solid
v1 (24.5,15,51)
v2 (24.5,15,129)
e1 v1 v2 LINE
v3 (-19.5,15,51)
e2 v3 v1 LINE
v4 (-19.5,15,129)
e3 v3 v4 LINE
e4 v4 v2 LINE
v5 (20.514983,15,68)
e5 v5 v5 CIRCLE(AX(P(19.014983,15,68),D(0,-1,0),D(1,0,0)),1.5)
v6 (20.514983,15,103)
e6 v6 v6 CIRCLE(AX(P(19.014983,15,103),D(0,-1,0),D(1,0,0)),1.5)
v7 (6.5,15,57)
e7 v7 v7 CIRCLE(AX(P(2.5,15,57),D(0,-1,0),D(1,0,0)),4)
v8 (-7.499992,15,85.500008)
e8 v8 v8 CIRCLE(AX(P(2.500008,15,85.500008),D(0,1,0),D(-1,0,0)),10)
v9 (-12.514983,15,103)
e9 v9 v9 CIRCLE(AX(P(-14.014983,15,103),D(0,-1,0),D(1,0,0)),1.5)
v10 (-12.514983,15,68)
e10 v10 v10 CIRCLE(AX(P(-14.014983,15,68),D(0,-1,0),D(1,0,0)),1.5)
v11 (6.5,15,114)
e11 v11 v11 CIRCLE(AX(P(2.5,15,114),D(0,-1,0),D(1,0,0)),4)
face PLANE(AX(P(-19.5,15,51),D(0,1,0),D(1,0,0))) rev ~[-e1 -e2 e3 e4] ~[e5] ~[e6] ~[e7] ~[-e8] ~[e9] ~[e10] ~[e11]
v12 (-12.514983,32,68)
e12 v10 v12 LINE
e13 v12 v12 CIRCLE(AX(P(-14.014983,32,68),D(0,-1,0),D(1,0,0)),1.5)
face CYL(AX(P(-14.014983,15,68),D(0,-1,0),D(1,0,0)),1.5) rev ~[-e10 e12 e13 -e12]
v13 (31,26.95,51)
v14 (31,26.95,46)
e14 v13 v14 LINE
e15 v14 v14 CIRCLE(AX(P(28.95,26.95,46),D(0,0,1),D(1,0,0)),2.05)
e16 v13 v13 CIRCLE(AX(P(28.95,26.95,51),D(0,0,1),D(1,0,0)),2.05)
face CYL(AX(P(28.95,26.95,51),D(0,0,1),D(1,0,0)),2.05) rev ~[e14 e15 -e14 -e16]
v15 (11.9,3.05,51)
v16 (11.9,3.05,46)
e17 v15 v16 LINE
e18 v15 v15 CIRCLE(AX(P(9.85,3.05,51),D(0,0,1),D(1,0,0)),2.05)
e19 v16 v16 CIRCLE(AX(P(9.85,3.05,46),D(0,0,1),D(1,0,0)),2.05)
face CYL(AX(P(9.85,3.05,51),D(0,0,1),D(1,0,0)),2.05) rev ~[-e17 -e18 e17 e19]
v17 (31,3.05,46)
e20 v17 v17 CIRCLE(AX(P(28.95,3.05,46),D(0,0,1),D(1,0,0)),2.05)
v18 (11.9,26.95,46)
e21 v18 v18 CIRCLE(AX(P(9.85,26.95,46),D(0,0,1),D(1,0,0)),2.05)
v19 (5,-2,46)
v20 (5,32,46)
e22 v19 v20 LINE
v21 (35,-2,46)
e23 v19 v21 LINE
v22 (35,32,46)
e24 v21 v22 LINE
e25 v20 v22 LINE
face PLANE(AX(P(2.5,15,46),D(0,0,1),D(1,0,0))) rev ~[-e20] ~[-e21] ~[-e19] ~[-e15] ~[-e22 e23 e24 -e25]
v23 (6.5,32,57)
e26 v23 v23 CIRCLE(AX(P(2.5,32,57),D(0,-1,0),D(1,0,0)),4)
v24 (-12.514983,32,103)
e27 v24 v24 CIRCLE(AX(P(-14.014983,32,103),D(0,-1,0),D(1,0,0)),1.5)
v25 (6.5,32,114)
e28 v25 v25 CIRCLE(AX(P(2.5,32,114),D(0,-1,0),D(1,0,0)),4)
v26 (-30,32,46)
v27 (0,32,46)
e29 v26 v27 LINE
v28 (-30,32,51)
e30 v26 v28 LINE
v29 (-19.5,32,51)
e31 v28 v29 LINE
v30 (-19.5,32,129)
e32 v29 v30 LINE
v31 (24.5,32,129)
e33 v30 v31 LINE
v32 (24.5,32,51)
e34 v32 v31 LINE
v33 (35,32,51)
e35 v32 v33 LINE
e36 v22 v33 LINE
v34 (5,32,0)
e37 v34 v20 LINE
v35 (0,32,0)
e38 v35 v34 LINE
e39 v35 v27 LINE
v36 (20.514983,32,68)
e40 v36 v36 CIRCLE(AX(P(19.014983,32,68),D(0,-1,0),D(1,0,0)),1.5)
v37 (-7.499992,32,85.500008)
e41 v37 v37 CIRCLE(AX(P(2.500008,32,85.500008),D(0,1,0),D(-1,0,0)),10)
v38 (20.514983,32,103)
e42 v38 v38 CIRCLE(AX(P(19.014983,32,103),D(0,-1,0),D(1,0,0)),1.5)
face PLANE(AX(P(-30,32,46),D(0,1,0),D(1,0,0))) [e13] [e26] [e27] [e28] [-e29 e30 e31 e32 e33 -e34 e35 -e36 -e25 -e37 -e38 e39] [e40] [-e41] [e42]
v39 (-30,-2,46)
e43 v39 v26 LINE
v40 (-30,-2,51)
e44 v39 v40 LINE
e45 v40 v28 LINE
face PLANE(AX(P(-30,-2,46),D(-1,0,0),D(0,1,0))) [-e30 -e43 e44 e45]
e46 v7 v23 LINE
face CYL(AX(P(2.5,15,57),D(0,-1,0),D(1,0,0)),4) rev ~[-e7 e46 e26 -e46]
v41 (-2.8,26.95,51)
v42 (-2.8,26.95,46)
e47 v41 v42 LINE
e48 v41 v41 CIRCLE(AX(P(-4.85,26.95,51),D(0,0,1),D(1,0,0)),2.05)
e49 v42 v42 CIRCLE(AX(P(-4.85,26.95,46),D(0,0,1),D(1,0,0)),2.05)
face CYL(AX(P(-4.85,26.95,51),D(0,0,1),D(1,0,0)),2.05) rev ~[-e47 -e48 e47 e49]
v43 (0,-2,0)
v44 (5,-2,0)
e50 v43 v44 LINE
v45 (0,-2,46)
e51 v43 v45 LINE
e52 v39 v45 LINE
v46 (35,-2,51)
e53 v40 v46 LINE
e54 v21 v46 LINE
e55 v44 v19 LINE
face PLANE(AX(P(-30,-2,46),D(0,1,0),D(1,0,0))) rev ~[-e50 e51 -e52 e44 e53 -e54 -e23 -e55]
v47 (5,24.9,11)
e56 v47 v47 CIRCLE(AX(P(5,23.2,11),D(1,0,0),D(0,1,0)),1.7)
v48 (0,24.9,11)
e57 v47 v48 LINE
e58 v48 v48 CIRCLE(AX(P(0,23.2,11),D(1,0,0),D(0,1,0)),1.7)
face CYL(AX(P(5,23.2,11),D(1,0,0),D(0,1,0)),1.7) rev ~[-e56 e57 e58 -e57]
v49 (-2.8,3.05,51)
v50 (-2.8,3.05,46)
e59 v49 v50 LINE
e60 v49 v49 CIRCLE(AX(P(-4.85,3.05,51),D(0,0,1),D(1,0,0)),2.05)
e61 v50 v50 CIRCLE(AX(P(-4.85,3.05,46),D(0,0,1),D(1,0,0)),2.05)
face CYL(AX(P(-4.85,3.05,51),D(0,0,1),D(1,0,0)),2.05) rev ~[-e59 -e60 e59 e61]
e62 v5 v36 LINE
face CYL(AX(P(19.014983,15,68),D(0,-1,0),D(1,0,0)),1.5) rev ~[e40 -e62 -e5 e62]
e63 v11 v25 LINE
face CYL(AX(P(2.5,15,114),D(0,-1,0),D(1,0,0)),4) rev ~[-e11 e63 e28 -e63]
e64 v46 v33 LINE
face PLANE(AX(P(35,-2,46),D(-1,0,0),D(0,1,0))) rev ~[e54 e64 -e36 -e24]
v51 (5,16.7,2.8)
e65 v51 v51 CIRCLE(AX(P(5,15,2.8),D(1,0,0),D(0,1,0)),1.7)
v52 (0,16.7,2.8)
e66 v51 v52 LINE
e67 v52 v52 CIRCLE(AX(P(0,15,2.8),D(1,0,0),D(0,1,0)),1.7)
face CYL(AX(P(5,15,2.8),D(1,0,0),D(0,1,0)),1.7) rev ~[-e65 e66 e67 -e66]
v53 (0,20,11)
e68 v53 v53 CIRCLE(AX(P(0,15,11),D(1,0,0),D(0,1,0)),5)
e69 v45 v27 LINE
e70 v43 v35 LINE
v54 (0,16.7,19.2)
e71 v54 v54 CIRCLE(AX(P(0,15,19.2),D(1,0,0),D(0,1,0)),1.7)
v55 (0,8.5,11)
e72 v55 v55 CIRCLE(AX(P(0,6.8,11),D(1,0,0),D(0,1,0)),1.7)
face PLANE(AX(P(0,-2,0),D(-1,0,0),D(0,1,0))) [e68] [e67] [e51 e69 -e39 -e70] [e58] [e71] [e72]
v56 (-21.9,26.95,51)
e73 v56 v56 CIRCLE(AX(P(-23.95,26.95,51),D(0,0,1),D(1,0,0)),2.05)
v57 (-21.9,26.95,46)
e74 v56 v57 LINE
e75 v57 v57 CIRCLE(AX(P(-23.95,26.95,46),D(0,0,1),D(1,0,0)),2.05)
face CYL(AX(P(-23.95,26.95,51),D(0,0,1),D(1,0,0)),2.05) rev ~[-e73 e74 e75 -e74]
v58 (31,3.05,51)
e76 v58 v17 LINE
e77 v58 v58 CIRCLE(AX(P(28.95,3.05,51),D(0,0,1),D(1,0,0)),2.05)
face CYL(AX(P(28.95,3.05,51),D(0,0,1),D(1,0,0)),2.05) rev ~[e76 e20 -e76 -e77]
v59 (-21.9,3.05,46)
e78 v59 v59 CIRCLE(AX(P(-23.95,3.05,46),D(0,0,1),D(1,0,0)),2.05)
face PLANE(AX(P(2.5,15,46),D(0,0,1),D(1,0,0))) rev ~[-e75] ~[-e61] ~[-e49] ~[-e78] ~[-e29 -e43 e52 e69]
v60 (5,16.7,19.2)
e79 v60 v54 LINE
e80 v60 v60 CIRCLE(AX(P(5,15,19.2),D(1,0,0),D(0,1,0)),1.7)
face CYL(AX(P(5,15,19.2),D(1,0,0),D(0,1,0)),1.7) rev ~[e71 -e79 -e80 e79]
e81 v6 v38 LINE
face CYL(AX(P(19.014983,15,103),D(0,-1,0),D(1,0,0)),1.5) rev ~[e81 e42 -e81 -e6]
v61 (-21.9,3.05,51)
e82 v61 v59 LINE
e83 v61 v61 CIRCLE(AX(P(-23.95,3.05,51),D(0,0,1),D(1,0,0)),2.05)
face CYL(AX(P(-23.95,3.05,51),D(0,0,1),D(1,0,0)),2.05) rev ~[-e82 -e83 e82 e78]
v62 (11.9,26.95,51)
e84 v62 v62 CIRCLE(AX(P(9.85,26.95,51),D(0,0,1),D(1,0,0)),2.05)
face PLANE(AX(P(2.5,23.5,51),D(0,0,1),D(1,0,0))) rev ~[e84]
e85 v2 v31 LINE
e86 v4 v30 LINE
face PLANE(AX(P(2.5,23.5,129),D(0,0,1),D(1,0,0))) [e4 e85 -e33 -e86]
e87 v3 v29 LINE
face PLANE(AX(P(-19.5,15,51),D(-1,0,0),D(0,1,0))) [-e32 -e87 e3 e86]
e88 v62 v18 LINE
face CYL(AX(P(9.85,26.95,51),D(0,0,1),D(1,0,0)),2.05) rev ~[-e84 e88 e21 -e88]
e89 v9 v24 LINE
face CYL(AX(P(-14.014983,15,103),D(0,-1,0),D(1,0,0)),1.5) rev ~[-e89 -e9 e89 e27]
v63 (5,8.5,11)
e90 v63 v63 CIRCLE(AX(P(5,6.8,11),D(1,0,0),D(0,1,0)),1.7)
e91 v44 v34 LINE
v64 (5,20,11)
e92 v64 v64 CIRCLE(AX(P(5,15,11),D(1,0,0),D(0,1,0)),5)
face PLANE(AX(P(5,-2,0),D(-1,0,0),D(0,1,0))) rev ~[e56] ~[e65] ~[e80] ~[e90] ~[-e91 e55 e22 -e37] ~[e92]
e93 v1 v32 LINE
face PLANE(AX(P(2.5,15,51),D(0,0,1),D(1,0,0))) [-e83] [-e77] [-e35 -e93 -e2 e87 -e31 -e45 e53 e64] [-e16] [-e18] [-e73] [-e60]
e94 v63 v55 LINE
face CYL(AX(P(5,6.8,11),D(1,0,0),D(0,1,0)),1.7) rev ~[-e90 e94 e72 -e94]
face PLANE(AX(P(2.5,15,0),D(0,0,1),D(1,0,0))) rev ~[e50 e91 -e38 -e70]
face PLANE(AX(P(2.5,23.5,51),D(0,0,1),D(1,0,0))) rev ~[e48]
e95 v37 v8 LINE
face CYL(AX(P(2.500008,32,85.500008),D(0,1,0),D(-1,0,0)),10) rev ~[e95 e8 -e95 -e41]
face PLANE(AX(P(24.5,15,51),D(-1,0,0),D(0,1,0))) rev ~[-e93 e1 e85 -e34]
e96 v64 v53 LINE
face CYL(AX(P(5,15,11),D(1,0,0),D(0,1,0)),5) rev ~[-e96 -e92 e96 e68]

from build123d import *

# Parameters (mm, degrees)
BOX001_W        = 65
BOX001_H        = 34
BOX001_DEPTH    = 5
BOX_W           = 5
BOX_H           = 34
BOX_DEPTH       = 46
SKETCH_R        = 2.05
POCKET_DEPTH    = 5
SKETCH001_R     = 5
SKETCH001_R_2   = 1.7
POCKET001_DEPTH = 5
BOX002_W        = 44
BOX002_H        = 17
BOX002_DEPTH    = 78
SKETCH003_R     = 4
SKETCH003_R_2   = 1.5
POCKET003_DEPTH = 17.001
SKETCH008_R     = 10
POCKET006_DEPTH = 34.001


with BuildPart() as cubo001:
    # Box001 → Box001 (new body)
    with BuildSketch(Plane(origin=(-30, -2, 46), x_dir=(1, 0, 0), z_dir=(0, 0, 1))):
        with Locations((32.5, 17)):
            Rectangle(BOX001_W, BOX001_H)
    extrude(amount=BOX001_DEPTH)


with BuildPart() as pocket001:
    # Box → Box (new body)
    with BuildSketch(Plane(origin=(0, -2, 0), x_dir=(1, 0, 0), z_dir=(0, 0, 1))):
        with Locations((2.5, 17)):
            Rectangle(BOX_W, BOX_H)
    extrude(amount=BOX_DEPTH)

    # Fusion: union Cubo001
    add(cubo001.part)

    # Sketch → Pocket (cut)
    with BuildSketch(Plane.XY.offset(51)):
        with Locations((-36.05, -7.05)):
            Circle(SKETCH_R)
        with Locations((28.95, 3.05)):
            Circle(SKETCH_R)
        with Locations((-55.15, -7.05)):
            Circle(SKETCH_R)
        with Locations((9.85, 3.05)):
            Circle(SKETCH_R)
        with Locations((-4.85, 3.05)):
            Circle(SKETCH_R)
        with Locations((-23.95, 3.05)):
            Circle(SKETCH_R)
        with Locations((-23.95, 26.95)):
            Circle(SKETCH_R)
        with Locations((-4.85, 26.95)):
            Circle(SKETCH_R)
        with Locations((9.85, 26.95)):
            Circle(SKETCH_R)
        with Locations((28.95, 26.95)):
            Circle(SKETCH_R)
    extrude(amount=-POCKET_DEPTH, mode=Mode.SUBTRACT)

    # Sketch001 → Pocket001 (cut)
    with BuildSketch(Plane.YZ.offset(5)):
        with Locations((15, 11)):
            Circle(SKETCH001_R)
        with Locations((15, 19.2)):
            Circle(SKETCH001_R_2)
        with Locations((23.2, 11)):
            Circle(SKETCH001_R_2)
        with Locations((15, 2.8)):
            Circle(SKETCH001_R_2)
        with Locations((6.8, 11)):
            Circle(SKETCH001_R_2)
    extrude(amount=-POCKET001_DEPTH, mode=Mode.SUBTRACT)


with BuildPart() as pocket006:
    # Box002 → Box002 (new body)
    with BuildSketch(Plane(origin=(-19.5, 15, 51), x_dir=(1, 0, 0), z_dir=(0, 0, 1))):
        with Locations((22, 8.5)):
            Rectangle(BOX002_W, BOX002_H)
    extrude(amount=BOX002_DEPTH)

    # Sketch003 → Pocket003 (cut, through all)
    with BuildSketch(Plane(origin=(-19.5, 15, 51), x_dir=(1, 0, 0), z_dir=(0, -1, 0))):
        with Locations((22, 6)):
            Circle(SKETCH003_R)
        with Locations((22, 63)):
            Circle(SKETCH003_R)
        with Locations((5.485017, 17)):
            Circle(SKETCH003_R_2)
        with Locations((38.514983, 17)):
            Circle(SKETCH003_R_2)
        with Locations((5.485017, 52)):
            Circle(SKETCH003_R_2)
        with Locations((38.514983, 52)):
            Circle(SKETCH003_R_2)
    extrude(amount=-POCKET003_DEPTH, mode=Mode.SUBTRACT)

    # Fusion001003: union Pocket001
    add(pocket001.part)

    # Sketch008 → Pocket006 (cut, through all)
    with BuildSketch(Plane(origin=(0, 32, 0), x_dir=(-1, 0, 0), z_dir=(0, 1, 0))):
        with Locations((-2.500008, 85.500008)):
            Circle(SKETCH008_R)
    extrude(amount=-POCKET006_DEPTH, mode=Mode.SUBTRACT)


solid = pocket006.part
